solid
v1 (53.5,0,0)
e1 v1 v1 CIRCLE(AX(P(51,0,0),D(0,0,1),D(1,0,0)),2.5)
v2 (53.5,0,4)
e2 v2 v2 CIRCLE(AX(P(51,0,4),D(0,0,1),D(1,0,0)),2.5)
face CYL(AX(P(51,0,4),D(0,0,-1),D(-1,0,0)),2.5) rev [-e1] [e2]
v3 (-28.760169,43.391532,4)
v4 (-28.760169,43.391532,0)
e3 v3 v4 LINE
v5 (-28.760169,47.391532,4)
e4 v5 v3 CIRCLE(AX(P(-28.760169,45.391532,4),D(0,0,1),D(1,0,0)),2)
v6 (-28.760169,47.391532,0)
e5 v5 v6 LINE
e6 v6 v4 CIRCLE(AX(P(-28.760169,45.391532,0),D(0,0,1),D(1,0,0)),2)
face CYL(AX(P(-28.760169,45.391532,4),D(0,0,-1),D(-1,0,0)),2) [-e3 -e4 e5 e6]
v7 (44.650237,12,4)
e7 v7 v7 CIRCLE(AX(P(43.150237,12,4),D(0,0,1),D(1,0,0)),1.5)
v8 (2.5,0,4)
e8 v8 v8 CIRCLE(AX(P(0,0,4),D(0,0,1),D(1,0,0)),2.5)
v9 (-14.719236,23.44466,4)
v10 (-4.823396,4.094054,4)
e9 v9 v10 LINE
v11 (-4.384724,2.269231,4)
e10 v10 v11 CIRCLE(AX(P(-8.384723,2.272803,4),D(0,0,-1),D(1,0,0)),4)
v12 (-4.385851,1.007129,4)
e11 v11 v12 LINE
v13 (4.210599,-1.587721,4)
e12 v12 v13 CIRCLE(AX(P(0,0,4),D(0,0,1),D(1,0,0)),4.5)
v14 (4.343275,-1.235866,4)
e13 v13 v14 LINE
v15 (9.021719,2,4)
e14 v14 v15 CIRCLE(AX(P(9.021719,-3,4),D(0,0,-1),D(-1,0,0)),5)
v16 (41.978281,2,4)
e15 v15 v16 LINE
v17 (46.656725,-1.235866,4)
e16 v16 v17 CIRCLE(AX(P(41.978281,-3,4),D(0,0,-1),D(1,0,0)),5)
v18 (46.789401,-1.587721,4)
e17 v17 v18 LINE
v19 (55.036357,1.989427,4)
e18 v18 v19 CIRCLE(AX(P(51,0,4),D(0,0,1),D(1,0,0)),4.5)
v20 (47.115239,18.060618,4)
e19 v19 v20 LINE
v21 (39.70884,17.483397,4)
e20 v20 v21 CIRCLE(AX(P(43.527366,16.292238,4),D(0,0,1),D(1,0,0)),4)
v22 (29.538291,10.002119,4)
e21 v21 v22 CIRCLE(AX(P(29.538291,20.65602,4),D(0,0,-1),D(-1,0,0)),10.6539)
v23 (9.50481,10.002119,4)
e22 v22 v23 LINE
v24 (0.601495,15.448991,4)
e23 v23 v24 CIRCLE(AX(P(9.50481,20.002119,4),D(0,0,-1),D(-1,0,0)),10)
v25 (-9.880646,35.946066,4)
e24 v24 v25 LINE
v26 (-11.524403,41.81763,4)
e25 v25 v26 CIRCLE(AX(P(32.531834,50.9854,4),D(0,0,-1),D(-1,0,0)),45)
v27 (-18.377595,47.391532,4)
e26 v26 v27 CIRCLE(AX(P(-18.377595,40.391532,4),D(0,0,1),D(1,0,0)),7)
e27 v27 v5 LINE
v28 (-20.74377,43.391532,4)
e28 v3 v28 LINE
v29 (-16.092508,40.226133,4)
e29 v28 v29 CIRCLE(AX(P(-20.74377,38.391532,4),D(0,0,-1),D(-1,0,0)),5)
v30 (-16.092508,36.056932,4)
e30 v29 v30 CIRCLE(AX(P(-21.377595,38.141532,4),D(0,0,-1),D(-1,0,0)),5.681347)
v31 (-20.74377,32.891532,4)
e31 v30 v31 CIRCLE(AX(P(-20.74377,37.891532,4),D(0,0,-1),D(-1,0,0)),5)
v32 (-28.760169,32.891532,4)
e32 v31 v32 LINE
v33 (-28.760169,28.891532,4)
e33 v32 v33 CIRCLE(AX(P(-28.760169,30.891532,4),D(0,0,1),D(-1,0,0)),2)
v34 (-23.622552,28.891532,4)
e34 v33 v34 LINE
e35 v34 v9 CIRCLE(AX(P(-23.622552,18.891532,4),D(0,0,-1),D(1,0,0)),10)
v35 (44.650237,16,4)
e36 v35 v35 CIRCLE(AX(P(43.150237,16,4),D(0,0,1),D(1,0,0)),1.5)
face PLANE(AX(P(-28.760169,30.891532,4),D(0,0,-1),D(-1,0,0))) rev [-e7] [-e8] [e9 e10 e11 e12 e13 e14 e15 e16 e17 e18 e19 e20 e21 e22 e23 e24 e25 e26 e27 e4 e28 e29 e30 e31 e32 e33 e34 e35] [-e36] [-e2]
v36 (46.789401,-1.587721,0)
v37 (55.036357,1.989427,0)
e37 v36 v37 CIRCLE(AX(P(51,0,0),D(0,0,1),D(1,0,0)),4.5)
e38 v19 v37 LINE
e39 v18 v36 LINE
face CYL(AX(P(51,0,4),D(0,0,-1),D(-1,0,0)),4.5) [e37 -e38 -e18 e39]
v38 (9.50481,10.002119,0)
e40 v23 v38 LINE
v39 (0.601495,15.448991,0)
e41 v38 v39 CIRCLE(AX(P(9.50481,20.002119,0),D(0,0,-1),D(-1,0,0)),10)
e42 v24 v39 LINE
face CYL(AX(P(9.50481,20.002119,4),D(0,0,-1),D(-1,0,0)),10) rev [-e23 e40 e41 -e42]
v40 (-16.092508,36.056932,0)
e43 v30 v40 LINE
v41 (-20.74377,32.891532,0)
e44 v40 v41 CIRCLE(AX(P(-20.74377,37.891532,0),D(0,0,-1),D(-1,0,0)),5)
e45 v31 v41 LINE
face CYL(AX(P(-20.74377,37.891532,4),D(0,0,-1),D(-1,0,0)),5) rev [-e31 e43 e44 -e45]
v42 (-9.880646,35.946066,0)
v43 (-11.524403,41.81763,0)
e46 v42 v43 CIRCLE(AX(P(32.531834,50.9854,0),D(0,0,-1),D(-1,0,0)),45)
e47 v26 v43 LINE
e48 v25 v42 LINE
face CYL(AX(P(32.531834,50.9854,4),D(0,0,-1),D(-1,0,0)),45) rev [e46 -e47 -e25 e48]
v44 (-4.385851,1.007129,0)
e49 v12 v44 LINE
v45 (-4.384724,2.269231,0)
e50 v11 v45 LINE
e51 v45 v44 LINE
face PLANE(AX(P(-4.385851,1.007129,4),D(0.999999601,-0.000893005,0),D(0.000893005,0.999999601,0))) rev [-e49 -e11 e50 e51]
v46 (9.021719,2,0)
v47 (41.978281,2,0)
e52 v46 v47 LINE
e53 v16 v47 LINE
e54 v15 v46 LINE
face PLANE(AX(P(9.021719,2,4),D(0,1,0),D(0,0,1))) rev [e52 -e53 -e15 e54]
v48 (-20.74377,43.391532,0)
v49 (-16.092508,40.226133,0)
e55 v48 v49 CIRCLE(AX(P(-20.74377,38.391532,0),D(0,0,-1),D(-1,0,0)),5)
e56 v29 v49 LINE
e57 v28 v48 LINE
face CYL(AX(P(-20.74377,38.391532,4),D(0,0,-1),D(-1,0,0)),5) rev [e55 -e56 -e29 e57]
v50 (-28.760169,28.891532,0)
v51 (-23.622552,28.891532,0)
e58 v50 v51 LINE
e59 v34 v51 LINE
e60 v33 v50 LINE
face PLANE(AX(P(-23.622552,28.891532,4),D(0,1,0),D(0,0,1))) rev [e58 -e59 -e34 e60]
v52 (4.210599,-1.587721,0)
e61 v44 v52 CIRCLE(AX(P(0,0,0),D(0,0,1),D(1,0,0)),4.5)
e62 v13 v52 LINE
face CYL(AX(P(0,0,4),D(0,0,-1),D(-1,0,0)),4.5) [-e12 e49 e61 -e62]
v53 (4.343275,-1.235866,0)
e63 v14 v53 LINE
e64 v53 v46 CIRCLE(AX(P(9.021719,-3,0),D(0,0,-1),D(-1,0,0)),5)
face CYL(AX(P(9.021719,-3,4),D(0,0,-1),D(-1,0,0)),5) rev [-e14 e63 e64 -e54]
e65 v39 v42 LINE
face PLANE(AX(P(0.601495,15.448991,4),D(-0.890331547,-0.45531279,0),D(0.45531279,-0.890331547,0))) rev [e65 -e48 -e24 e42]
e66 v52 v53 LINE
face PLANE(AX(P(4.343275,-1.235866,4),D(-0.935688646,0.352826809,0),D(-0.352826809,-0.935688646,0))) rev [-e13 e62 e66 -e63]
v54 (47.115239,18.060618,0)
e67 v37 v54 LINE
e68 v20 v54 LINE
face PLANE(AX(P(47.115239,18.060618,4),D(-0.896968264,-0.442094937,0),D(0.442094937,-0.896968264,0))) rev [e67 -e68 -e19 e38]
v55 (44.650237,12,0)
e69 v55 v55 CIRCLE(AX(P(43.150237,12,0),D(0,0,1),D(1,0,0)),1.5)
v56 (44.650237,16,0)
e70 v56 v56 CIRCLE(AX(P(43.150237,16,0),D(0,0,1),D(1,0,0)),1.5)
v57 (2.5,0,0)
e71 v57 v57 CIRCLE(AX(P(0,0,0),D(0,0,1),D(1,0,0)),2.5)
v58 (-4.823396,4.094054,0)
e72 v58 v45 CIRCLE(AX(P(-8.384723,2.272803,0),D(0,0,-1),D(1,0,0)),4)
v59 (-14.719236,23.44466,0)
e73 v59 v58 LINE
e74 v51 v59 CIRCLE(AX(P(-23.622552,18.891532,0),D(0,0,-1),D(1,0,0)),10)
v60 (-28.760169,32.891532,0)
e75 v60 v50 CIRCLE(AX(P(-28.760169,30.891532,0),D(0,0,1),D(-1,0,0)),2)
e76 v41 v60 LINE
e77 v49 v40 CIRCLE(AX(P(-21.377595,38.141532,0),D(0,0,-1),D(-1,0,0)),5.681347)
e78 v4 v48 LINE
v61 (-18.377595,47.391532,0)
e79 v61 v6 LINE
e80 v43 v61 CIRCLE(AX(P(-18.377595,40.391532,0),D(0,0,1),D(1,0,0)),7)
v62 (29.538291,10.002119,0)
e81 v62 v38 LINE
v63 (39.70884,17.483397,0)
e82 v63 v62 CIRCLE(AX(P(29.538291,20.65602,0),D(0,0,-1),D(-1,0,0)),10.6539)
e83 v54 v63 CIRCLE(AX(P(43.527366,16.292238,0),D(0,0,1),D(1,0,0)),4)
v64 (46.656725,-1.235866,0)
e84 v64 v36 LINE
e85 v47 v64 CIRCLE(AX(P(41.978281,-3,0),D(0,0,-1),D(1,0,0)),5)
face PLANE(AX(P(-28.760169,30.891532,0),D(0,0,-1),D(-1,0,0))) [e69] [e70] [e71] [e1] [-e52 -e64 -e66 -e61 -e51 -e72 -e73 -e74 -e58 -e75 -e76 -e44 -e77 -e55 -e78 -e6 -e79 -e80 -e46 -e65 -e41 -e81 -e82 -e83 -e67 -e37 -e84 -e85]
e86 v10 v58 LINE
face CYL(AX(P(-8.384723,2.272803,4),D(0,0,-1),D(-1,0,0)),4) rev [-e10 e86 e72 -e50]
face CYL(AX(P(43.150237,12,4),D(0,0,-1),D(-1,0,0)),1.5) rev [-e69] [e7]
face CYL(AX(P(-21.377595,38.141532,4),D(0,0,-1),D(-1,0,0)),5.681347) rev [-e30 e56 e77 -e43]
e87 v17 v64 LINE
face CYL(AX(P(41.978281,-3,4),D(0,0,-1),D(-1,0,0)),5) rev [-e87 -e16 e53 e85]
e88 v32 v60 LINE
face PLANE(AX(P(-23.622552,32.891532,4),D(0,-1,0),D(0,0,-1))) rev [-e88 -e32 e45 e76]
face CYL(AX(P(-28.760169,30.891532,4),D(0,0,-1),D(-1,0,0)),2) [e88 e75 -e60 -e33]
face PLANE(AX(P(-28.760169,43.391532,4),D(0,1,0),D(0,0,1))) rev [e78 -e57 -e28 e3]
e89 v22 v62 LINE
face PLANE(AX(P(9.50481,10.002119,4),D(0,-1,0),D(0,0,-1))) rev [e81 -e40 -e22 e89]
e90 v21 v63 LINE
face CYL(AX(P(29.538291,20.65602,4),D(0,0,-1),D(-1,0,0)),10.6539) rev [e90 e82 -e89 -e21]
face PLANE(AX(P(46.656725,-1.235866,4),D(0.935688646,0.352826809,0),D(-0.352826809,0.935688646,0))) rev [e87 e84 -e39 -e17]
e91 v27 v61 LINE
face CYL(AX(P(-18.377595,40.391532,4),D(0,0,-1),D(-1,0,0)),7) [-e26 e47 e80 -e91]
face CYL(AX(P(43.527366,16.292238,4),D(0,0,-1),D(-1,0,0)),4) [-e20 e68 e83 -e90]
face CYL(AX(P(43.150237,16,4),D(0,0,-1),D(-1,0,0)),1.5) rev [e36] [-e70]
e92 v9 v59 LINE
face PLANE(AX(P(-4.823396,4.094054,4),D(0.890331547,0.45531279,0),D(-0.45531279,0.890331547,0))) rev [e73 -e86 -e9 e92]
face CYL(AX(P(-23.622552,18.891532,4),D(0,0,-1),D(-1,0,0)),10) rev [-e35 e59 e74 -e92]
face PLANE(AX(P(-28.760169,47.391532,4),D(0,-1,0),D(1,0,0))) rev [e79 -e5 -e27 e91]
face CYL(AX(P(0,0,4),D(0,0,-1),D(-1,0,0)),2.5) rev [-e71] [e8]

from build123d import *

# Parameters (mm, degrees)
SKETCH1_R           = 2.5
SKETCH1_R_2         = 1.5
BOSS_EXTRUDE1_DEPTH = 4


with BuildPart() as part:
    # Sketch1 → Boss-Extrude1 (new body)
    with BuildSketch(Plane.XY):
        with BuildLine():
            Line((9.021718503, 2), (41.978281497, 2))
            ThreePointArc((41.978281497, 2), (44.822515117, 1.112217786), (46.656724728, -1.235865953))
            Line((46.656724728, -1.235865953), (46.789401092, -1.587720642))
            ThreePointArc((46.789401092, -1.587720642), (52.790694487, -4.128366899), (55.036357188, 1.989427216))
            Line((55.036357188, 1.989427216), (47.115238631, 18.060617738))
            ThreePointArc((47.115238631, 18.060617738), (43.216566444, 20.280145198), (39.708839684, 17.483397096))
            ThreePointArc((39.708839684, 17.483397096), (35.851166353, 12.07387553), (29.538291134, 10.002119376))
            Line((29.538291134, 10.002119376), (9.504810122, 10.002119376))
            ThreePointArc((9.504810122, 10.002119376), (4.286155076, 11.471841566), (0.601494655, 15.448991475))
            Line((0.601494655, 15.448991475), (-9.880645528, 35.94606576))
            ThreePointArc((-9.880645528, 35.94606576), (-10.802085001, 38.853975504), (-11.524402661, 41.817629833))
            ThreePointArc((-11.524402661, 41.817629833), (-13.960734342, 45.822125323), (-18.377595021, 47.391532194))
            Line((-18.377595021, 47.391532194), (-28.76016905, 47.391532194))
            ThreePointArc((-28.76016905, 47.391532194), (-30.76016905, 45.391532194), (-28.76016905, 43.391532194))
            Line((-28.76016905, 43.391532194), (-20.743770069, 43.391532194))
            ThreePointArc((-20.743770069, 43.391532194), (-17.93067591, 42.525114327), (-16.092507767, 40.226132695))
            ThreePointArc((-16.092507767, 40.226132695), (-15.696247775, 38.141532194), (-16.092507767, 36.056931692))
            ThreePointArc((-16.092507767, 36.056931692), (-17.93067591, 33.75795006), (-20.743770069, 32.891532194))
            Line((-20.743770069, 32.891532194), (-23.62255188, 32.891532194))
            Line((-23.62255188, 32.891532194), (-28.76016905, 32.891532194))
            ThreePointArc((-28.76016905, 32.891532194), (-30.76016905, 30.891532194), (-28.76016905, 28.891532194))
            Line((-28.76016905, 28.891532194), (-23.62255188, 28.891532194))
            ThreePointArc((-23.62255188, 28.891532194), (-18.403896833, 27.421810003), (-14.719236412, 23.444660095))
            Line((-14.719236412, 23.444660095), (-4.823396458, 4.094053908))
            ThreePointArc((-4.823396458, 4.094053908), (-4.495519345, 3.207734666), (-4.38472424, 2.269230727))
            Line((-4.38472424, 2.269230727), (-4.385851303, 1.007128763))
            ThreePointArc((-4.385851303, 1.007128763), (-1.300380409, -4.308017037), (4.210598908, -1.587720642))
            Line((4.210598908, -1.587720642), (4.343275272, -1.235865953))
            ThreePointArc((4.343275272, -1.235865953), (6.177484883, 1.112217786), (9.021718503, 2))
        make_face()
        Circle(SKETCH1_R, mode=Mode.SUBTRACT)
        with Locations((51, 0)):
            Circle(SKETCH1_R, mode=Mode.SUBTRACT)
        with Locations((43.150236609, 12)):
            Circle(SKETCH1_R_2, mode=Mode.SUBTRACT)
        with Locations((43.150236609, 16)):
            Circle(SKETCH1_R_2, mode=Mode.SUBTRACT)
    extrude(amount=BOSS_EXTRUDE1_DEPTH)


solid = part.part
